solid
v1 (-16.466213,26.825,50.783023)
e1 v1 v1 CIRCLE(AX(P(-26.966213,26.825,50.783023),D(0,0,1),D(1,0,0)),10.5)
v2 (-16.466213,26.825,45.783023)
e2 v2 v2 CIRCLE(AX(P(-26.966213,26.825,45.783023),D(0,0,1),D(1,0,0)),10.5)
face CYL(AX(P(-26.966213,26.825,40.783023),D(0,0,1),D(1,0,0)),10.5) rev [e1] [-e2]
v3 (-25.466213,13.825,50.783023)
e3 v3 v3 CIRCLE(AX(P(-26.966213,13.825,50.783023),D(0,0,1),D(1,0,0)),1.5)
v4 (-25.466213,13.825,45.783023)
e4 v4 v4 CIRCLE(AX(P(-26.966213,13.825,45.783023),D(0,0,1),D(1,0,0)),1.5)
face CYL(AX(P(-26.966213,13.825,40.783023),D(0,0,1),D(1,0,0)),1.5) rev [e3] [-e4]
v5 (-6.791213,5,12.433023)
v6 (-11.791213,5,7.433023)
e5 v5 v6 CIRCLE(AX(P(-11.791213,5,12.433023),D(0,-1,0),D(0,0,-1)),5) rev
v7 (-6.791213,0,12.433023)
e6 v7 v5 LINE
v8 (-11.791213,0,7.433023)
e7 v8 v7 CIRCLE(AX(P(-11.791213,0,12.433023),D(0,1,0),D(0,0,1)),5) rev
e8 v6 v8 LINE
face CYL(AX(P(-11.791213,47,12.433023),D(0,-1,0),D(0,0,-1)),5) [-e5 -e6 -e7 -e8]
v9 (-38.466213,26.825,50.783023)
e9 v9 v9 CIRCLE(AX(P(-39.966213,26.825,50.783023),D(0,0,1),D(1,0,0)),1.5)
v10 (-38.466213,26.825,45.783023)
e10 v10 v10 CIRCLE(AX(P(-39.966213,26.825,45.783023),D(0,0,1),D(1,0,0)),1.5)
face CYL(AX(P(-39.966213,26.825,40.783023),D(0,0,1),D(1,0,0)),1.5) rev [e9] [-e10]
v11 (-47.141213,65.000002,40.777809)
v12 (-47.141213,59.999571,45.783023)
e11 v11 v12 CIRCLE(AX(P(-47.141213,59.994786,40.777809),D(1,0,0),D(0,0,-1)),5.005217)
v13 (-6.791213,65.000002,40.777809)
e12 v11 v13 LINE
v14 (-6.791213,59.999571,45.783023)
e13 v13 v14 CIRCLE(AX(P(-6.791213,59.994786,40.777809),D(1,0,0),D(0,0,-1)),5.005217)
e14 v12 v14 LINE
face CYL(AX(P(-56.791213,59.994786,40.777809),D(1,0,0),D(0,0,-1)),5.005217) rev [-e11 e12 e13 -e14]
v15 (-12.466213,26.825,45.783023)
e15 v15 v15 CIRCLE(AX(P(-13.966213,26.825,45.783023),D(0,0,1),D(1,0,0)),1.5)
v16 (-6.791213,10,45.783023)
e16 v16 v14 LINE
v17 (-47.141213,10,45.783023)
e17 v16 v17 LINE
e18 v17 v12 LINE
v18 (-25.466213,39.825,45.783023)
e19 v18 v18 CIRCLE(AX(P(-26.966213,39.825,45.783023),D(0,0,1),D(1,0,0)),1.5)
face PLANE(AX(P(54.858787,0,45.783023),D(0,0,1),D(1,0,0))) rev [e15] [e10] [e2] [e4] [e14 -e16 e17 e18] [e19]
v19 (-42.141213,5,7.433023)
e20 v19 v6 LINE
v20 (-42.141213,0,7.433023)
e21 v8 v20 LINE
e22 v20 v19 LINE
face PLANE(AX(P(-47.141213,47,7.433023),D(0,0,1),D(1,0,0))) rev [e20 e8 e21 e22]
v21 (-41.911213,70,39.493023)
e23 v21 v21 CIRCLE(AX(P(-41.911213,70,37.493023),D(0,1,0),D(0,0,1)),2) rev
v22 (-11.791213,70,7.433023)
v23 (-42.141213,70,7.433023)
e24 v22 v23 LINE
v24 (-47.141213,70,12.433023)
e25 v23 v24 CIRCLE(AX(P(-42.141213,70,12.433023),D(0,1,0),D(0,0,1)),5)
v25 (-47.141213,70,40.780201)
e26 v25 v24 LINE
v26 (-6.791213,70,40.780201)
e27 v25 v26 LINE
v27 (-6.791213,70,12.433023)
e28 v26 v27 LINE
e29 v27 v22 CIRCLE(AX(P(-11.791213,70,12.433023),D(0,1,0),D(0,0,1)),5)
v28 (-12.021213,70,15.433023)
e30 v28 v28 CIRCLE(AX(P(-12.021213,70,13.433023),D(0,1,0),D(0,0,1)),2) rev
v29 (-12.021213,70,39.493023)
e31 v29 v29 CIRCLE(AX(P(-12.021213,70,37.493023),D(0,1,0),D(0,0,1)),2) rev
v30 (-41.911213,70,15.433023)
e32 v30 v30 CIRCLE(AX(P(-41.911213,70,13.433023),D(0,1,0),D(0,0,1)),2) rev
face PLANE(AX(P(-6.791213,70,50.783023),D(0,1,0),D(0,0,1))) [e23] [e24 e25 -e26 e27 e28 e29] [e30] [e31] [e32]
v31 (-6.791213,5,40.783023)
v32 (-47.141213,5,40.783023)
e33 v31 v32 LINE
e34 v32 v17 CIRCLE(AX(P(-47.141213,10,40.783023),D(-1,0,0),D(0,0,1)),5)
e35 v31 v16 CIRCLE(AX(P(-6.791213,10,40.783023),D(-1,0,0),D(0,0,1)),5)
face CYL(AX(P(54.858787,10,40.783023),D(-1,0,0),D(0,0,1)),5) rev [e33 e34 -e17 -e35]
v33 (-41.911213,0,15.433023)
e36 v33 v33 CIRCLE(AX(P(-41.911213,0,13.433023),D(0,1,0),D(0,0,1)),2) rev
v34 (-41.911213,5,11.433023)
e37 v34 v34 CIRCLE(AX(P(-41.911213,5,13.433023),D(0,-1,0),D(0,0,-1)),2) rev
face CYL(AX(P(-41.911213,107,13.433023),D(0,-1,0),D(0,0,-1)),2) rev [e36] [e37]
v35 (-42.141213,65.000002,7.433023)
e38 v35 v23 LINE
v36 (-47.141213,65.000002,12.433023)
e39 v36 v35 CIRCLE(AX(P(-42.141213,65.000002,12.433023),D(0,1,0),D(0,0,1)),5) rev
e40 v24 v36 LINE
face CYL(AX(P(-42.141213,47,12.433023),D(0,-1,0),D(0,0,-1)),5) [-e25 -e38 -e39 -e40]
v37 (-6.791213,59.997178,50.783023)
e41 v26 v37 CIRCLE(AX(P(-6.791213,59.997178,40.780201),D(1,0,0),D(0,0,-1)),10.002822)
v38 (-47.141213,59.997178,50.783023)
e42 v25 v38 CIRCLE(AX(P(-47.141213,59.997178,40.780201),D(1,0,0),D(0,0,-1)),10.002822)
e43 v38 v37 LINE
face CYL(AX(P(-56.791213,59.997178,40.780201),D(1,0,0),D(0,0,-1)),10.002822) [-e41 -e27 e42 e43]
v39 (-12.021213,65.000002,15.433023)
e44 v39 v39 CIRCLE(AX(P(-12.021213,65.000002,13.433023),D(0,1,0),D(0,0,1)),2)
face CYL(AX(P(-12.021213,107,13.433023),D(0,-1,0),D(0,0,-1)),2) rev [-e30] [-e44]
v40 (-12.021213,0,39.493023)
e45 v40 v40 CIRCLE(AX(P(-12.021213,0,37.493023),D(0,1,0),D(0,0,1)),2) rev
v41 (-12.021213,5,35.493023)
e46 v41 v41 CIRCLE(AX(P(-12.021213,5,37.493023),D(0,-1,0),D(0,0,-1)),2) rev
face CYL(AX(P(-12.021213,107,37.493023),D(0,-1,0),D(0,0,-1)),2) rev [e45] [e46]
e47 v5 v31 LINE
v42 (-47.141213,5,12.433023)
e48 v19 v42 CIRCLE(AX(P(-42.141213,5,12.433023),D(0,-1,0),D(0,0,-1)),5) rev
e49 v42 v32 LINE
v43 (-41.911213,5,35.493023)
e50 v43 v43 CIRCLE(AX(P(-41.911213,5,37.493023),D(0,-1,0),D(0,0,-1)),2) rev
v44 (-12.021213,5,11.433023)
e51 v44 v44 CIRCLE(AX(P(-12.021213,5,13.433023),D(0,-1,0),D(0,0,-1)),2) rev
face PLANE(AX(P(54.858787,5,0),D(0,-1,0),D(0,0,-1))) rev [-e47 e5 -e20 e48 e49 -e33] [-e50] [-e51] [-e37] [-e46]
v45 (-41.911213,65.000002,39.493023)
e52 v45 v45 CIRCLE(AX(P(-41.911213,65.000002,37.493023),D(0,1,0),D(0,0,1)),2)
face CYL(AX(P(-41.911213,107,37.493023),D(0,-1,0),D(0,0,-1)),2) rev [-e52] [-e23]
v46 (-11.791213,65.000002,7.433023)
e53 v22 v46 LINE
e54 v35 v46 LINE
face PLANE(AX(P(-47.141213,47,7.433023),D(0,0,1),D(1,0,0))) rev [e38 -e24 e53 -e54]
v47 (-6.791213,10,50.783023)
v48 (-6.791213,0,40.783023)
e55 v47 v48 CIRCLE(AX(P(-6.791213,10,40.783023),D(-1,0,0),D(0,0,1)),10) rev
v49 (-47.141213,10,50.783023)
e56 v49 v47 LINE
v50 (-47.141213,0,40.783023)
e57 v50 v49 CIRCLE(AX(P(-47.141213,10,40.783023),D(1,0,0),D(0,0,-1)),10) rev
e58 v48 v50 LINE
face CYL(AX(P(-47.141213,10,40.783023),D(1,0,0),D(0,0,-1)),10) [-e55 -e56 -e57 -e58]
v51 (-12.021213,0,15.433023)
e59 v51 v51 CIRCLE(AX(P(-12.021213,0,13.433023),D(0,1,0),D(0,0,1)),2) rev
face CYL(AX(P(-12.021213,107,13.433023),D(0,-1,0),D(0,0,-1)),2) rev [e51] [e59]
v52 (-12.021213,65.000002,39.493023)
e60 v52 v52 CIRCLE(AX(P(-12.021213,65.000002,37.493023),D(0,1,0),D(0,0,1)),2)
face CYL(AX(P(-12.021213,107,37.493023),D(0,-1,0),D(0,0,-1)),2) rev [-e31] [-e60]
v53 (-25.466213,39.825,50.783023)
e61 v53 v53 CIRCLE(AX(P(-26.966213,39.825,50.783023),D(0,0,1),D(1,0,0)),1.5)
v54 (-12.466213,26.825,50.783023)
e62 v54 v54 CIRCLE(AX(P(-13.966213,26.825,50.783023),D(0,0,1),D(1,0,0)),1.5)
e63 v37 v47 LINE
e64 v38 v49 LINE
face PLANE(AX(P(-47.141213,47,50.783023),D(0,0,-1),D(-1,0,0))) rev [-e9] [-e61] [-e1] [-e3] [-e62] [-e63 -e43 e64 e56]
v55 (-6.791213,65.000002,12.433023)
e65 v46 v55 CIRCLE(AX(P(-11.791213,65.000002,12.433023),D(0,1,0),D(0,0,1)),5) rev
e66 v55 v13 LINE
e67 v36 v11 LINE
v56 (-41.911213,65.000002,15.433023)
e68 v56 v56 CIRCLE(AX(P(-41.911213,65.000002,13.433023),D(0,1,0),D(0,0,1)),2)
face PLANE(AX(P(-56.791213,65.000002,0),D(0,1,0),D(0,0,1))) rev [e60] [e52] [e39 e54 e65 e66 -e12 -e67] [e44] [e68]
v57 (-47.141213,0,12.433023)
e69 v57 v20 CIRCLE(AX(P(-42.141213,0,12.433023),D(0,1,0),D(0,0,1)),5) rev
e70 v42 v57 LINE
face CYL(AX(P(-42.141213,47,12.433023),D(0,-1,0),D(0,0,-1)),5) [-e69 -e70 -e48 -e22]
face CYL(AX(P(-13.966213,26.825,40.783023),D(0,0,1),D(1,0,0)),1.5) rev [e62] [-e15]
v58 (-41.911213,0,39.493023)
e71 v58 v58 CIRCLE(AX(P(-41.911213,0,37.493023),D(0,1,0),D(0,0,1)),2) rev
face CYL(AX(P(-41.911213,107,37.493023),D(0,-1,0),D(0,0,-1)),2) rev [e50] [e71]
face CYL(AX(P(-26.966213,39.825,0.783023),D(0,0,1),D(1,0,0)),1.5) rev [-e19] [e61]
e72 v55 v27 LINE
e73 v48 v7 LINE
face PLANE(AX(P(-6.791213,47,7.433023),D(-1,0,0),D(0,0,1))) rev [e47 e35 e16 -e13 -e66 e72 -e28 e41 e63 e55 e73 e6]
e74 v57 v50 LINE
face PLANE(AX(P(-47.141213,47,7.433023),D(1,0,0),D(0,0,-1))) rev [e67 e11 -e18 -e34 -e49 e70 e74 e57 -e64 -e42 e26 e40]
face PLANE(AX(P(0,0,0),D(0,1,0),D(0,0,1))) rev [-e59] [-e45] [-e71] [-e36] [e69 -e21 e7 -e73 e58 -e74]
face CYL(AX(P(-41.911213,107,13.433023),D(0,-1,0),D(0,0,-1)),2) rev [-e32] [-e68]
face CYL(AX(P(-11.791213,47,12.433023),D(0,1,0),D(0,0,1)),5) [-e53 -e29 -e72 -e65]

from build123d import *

# Parameters (mm, degrees)
SKETCH1_W                = 40.35
SKETCH1_H                = 43.35
BOSS_EXTRUDE1_DEPTH      = 47
CUT_EXTRUDE2_DEPTH       = 102
FILLET1_R                = 10
CUT_EXTRUDE3_DEPTH       = 102
FILLET2_R                = 5
SKETCH7_R                = 10.5
SKETCH7_R_2              = 1.5
CUT_EXTRUDE5_DEPTH       = 10
SKETCH8_W                = 40.35
SKETCH8_H                = 43.175
BOSS_EXTRUDE2_DEPTH      = 38.35
BOSS_EXTRUDE2_DEPTH_BACK = 5
SKETCH6_R                = 2
CUT_EXTRUDE4_DEPTH       = 102
CUT_EXTRUDE4_DEPTH_BACK  = 102
CUT_EXTRUDE6_DEPTH       = 50
FILLET3_R                = 5
SKETCH10_R               = 10.5
SKETCH10_R_2             = 1.5
CUT_EXTRUDE7_DEPTH       = 50


with BuildPart() as part:
    # Sketch1 → Boss-Extrude1 (new body)
    with BuildSketch(Plane(origin=(0, 0, 0), x_dir=(1, 0, 0), z_dir=(0, 1, 0))):
        with Locations((-26.966212793, -29.108023223)):
            Rectangle(SKETCH1_W, SKETCH1_H)
    extrude(amount=BOSS_EXTRUDE1_DEPTH)

    # Sketch3 → Cut-Extrude2 (cut)
    with BuildSketch(Plane.XY.offset(50.783023223)):
        with BuildLine():
            Line((-47.141212793, 47), (-47.141212793, 26.825))
            ThreePointArc((-47.141212793, 26.825), (-41.232092103, 41.09087931), (-26.966212793, 47))
            Line((-26.966212793, 47), (-47.141212793, 47))
        make_face()
        with BuildLine():
            Line((-6.791212793, 47), (-26.966212793, 47))
            ThreePointArc((-26.966212793, 47), (-12.700333482, 41.09087931), (-6.791212793, 26.825))
            Line((-6.791212793, 26.825), (-6.791212793, 47))
        make_face()
    extrude(amount=-CUT_EXTRUDE2_DEPTH, mode=Mode.SUBTRACT)

    # Fillet1
    fillet1_edges = [part.edges().sort_by_distance(p)[0] for p in [
        (-26.966212793, 0, 50.783023223),
    ]]
    fillet(fillet1_edges, radius=FILLET1_R)

    # Sketch5 → Cut-Extrude3 (cut)
    with BuildSketch(Plane.ZY.offset(47.141212793)):
        with BuildLine():
            Line((-6.665763497, 5), (36.595559978, 5))
            Line((36.595559978, 5), (40.783023223, 5))
            ThreePointArc((40.783023223, 5), (44.318557129, 6.464466094), (45.783023223, 10))
            Line((45.783023223, 10), (45.783023223, 17.578484004))
            Line((45.783023223, 17.578484004), (45.783023223, 59.778436909))
            Line((45.783023223, 59.778436909), (-6.665763497, 59.778436909))
            Line((-6.665763497, 59.778436909), (-6.665763497, 5))
        make_face()
    extrude(amount=-CUT_EXTRUDE3_DEPTH, mode=Mode.SUBTRACT)

    # Fillet2
    fillet2_edges = [part.edges().sort_by_distance(p)[0] for p in [
        (-6.791212793, 2.5, 7.433023223),
        (-47.141212793, 2.5, 7.433023223),
    ]]
    fillet(fillet2_edges, radius=FILLET2_R)

    # Sketch7 → Cut-Extrude5 (cut)
    with BuildSketch(Plane.XY.offset(50.783023223)):
        with Locations((-26.966212793, 26.825)):
            Circle(SKETCH7_R)
        with Locations((-26.966212793, 39.825)):
            Circle(SKETCH7_R_2)
        with Locations((-13.966212793, 26.825)):
            Circle(SKETCH7_R_2)
        with Locations((-26.966212793, 13.825)):
            Circle(SKETCH7_R_2)
        with Locations((-39.966212793, 26.825)):
            Circle(SKETCH7_R_2)
    extrude(amount=-CUT_EXTRUDE5_DEPTH, mode=Mode.SUBTRACT)

    # Sketch8 → Boss-Extrude2 (add, two sides)
    with BuildSketch(Plane(origin=(0, 0, 45.783023223), x_dir=(-1, 0, 0), z_dir=(0, 0, -1))) as boss_extrude2_sk:
        with Locations((26.966212793, 48.4125)):
            Rectangle(SKETCH8_W, SKETCH8_H)
    extrude(amount=BOSS_EXTRUDE2_DEPTH)
    extrude(boss_extrude2_sk.sketch, amount=-BOSS_EXTRUDE2_DEPTH_BACK)

    # Sketch6 → Cut-Extrude4 (cut, two sides)
    with BuildSketch(Plane(origin=(0, 5, 0), x_dir=(1, 0, 0), z_dir=(0, 1, 0))) as cut_extrude4_sk:
        with Locations((-41.911212793, -13.433023223)):
            Circle(SKETCH6_R)
        with Locations((-12.021212793, -13.433023223)):
            Circle(SKETCH6_R)
        with Locations((-41.911212793, -37.493023223)):
            Circle(SKETCH6_R)
        with Locations((-12.021212793, -37.493023223)):
            Circle(SKETCH6_R)
    extrude(amount=CUT_EXTRUDE4_DEPTH, mode=Mode.SUBTRACT)
    extrude(cut_extrude4_sk.sketch, amount=-CUT_EXTRUDE4_DEPTH_BACK, mode=Mode.SUBTRACT)

    # Sketch9 → Cut-Extrude6 (cut)
    with BuildSketch(Plane(origin=(-6.791212793, 0, 0), x_dir=(0, 0, -1), z_dir=(1, 0, 0))):
        with BuildLine():
            Line((-7.433023223, 26.825), (-7.433023223, 65.000002288))
            Line((-7.433023223, 65.000002288), (-40.777808898, 65.000002288))
            ThreePointArc((-40.777808898, 65.000002288), (-44.31533911, 63.535699871), (-45.783023223, 59.99957135))
            Line((-45.783023223, 59.99957135), (-45.783023223, 26.825))
            Line((-45.783023223, 26.825), (-7.433023223, 26.825))
        make_face()
        with BuildLine():
            ThreePointArc((-50.783023223, 59.997178226), (-47.853264556, 67.070241334), (-40.780201449, 70))
            Line((-40.780201449, 70), (-50.783023223, 70))
            Line((-50.783023223, 70), (-50.783023223, 59.997178226))
        make_face()
    extrude(amount=-CUT_EXTRUDE6_DEPTH, mode=Mode.SUBTRACT)

    # Fillet3
    fillet3_edges = [part.edges().sort_by_distance(p)[0] for p in [
        (-47.141212793, 67.500001144, 7.433023223),
        (-6.791212793, 67.500001144, 7.433023223),
    ]]
    fillet(fillet3_edges, radius=FILLET3_R)

    # Sketch10 → Cut-Extrude7 (cut)
    with BuildSketch(Plane.XY.offset(50.783023223)):
        with Locations((-26.966212793, 26.825)):
            Circle(SKETCH10_R)
        with Locations((-13.966212793, 26.825)):
            Circle(SKETCH10_R_2)
        with Locations((-26.966212793, 13.825)):
            Circle(SKETCH10_R_2)
        with Locations((-39.966212793, 26.825)):
            Circle(SKETCH10_R_2)
        with Locations((-26.966212793, 39.825)):
            Circle(SKETCH10_R_2)
    extrude(amount=-CUT_EXTRUDE7_DEPTH, mode=Mode.SUBTRACT)


solid = part.part
